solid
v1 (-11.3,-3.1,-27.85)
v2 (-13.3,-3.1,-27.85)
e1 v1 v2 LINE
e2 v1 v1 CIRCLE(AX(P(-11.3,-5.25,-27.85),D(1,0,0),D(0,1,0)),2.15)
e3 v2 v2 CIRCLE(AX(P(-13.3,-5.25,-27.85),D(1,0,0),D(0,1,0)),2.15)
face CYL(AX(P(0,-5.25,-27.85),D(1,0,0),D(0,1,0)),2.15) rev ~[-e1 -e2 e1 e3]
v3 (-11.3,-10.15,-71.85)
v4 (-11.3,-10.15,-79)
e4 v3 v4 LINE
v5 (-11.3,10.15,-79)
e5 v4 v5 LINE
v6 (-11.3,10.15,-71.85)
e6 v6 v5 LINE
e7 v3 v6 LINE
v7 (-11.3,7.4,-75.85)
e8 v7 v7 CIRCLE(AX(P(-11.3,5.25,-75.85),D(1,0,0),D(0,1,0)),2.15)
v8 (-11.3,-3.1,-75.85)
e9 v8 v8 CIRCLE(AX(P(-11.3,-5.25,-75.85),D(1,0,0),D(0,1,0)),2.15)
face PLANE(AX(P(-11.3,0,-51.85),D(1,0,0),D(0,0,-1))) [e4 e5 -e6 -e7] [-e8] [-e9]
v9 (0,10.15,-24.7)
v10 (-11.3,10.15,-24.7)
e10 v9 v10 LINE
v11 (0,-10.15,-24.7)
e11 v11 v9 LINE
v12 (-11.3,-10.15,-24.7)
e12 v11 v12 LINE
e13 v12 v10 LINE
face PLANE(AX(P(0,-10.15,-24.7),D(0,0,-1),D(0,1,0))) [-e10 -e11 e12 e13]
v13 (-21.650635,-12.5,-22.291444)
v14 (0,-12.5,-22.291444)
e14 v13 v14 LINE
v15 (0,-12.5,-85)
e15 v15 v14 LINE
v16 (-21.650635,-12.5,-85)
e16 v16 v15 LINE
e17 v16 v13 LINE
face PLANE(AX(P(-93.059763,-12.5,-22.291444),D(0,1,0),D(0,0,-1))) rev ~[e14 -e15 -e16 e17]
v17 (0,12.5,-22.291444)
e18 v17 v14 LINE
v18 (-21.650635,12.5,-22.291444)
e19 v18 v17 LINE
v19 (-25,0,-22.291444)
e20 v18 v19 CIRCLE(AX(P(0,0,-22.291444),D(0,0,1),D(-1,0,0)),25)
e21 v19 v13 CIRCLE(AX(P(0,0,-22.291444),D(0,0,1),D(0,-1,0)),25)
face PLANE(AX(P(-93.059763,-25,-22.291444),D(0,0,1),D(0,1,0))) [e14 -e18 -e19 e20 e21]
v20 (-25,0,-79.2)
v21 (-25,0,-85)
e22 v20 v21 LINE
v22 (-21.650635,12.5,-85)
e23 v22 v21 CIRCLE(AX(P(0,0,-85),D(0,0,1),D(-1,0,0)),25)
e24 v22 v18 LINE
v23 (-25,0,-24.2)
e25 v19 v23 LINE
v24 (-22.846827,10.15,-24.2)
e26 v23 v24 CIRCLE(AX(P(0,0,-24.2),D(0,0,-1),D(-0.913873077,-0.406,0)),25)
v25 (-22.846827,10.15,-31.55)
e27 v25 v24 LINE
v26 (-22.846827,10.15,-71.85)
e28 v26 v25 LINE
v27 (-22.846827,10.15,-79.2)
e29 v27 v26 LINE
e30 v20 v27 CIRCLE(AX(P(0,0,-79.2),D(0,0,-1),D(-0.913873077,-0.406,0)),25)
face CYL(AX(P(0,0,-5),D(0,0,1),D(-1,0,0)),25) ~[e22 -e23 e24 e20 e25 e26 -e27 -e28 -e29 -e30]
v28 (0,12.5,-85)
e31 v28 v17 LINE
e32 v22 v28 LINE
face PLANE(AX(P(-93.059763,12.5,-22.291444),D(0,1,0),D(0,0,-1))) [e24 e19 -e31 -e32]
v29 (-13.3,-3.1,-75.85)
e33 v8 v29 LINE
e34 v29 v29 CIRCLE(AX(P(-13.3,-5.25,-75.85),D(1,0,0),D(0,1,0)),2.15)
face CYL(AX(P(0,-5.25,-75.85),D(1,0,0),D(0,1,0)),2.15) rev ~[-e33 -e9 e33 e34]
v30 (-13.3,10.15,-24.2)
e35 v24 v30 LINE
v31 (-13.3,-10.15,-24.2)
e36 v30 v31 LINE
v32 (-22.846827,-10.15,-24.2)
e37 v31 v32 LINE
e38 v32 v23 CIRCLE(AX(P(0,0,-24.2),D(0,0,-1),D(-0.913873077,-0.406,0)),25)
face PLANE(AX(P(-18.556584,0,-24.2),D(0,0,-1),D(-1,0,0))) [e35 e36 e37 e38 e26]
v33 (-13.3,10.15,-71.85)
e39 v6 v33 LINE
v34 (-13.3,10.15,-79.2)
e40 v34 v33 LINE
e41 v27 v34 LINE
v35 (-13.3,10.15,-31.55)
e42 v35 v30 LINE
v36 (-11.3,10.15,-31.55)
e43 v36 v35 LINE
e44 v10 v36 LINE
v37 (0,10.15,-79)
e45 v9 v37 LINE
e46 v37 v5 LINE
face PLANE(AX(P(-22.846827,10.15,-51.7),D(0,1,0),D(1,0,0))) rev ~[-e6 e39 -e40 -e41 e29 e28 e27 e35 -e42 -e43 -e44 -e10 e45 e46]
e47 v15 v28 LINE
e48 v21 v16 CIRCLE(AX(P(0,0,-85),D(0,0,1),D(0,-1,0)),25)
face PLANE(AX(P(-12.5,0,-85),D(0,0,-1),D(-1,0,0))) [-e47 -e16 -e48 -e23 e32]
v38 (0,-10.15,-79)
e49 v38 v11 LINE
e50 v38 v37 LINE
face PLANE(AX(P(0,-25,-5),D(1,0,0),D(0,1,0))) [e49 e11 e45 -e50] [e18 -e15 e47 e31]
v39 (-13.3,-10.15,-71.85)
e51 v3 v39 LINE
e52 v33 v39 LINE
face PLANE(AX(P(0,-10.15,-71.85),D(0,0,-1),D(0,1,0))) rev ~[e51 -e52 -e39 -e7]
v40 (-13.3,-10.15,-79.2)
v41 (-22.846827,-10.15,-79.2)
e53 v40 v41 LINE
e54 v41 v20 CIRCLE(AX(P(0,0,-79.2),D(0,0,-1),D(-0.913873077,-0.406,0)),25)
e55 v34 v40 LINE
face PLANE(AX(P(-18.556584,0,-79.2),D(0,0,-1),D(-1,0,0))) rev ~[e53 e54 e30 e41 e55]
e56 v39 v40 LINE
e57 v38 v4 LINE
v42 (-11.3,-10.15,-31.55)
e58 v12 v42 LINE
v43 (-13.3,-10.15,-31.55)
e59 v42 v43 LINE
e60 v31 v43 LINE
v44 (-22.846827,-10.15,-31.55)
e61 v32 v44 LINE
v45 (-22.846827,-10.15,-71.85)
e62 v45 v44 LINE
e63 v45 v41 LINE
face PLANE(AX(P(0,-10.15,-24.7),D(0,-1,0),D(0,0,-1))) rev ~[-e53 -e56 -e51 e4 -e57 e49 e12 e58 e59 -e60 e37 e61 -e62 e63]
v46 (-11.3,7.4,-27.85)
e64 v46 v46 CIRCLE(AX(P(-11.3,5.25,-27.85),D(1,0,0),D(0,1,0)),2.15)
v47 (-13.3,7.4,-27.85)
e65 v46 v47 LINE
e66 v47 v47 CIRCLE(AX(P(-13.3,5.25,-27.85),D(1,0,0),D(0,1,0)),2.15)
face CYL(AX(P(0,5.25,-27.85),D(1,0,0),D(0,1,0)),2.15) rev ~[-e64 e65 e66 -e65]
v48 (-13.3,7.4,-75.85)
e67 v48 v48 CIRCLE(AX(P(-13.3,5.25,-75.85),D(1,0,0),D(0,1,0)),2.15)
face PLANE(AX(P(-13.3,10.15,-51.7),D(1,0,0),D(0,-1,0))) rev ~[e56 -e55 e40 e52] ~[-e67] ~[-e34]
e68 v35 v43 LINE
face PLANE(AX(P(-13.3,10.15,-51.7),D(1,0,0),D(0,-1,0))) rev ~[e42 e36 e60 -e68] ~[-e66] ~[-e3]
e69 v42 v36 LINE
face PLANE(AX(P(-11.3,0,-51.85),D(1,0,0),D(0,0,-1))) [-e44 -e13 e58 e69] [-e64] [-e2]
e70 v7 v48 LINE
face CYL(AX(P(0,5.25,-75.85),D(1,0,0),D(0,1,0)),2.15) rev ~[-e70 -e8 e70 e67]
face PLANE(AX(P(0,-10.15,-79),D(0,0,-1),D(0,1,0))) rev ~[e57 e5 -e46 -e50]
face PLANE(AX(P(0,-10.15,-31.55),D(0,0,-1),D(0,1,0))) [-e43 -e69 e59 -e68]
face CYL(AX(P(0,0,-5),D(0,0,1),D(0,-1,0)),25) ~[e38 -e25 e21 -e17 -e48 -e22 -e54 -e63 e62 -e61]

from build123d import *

# Parameters (mm, degrees)
SKETCH1_R               = 25
SKETCH1_W               = 27.5
SKETCH1_H               = 27.5
BOSS_EXTRUDE1_DEPTH     = 55
BOSS_EXTRUDE2_START     = 5
SKETCH2_R               = 25
BOSS_EXTRUDE2_DEPTH     = 5
SKETCH3_W               = 25
SKETCH3_H               = 50
BOSS_EXTRUDE3_DEPTH     = 80
FILLET1_R               = 2.5
FILLET2_R               = 2.5
SKETCH21_W              = 54.3
SKETCH21_H              = 20.3
CUT_EXTRUDE1_DEPTH      = 11.3
SKETCH22_W              = 40.3
SKETCH22_H              = 20.3
CUT_EXTRUDE2_DEPTH      = 93.059763198
CUT_EXTRUDE3_DEPTH      = 88.464278423
SKETCH23_R              = 2.15
CUT_EXTRUDE4_DEPTH      = 93.059763198
CUT_EXTRUDE7_DEPTH      = 27.5
CUT_EXTRUDE8_DEPTH      = 93.059763198
CUT_EXTRUDE8_DEPTH_BACK = 93.059763198
SKETCH25_W              = 77.291444149
SKETCH25_H              = 50
CUT_EXTRUDE9_DEPTH      = 93.059763198
CUT_EXTRUDE9_DEPTH_BACK = 93.059763198
SKETCH26_W              = 62.708555851
SKETCH26_H              = 12.5


with BuildPart() as part:
    # Sketch1 → Boss-Extrude1 (new body)
    with BuildSketch(Plane.XY):
        Circle(SKETCH1_R)
        Rectangle(SKETCH1_W, SKETCH1_H, mode=Mode.SUBTRACT)
    extrude(amount=BOSS_EXTRUDE1_DEPTH)

    # Sketch2 → Boss-Extrude2 (add)
    with BuildSketch(Plane(origin=(0, 0, 0), x_dir=(-1, 0, 0), z_dir=(0, 0, -1)).offset(BOSS_EXTRUDE2_START)):
        Circle(SKETCH2_R)
    extrude(amount=-BOSS_EXTRUDE2_DEPTH)

    # Sketch3 → Boss-Extrude3 (add)
    with BuildSketch(Plane(origin=(0, 0, -5), x_dir=(-1, 0, 0), z_dir=(0, 0, -1))):
        with Locations((12.5, 0)):
            Rectangle(SKETCH3_W, SKETCH3_H)
    extrude(amount=BOSS_EXTRUDE3_DEPTH)

    # Fillet1
    fillet1_edges = [part.edges().sort_by_distance(p)[0] for p in [
        (-13.75, 13.75, 27.5),
        (13.75, 13.75, 27.5),
        (-13.75, -13.75, 27.5),
        (13.75, -13.75, 27.5),
    ]]
    fillet(fillet1_edges, radius=FILLET1_R)

    # Fillet2
    fillet2_edges = [part.edges().sort_by_distance(p)[0] for p in [
        (13.75, 0, 55),
    ]]
    fillet(fillet2_edges, radius=FILLET2_R)

    # Sketch21 → Cut-Extrude1 (cut)
    with BuildSketch(Plane(origin=(0, 0, 0), x_dir=(0, 0, -1), z_dir=(1, 0, 0))):
        with Locations((51.85, 0)):
            Rectangle(SKETCH21_W, SKETCH21_H)
    extrude(amount=-CUT_EXTRUDE1_DEPTH, mode=Mode.SUBTRACT)

    # Sketch22 → Cut-Extrude2 (cut, through all)
    with BuildSketch(Plane(origin=(0, 0, 0), x_dir=(0, 0, -1), z_dir=(1, 0, 0))):
        with Locations((51.7, 0)):
            Rectangle(SKETCH22_W, SKETCH22_H)
    extrude(amount=-CUT_EXTRUDE2_DEPTH, mode=Mode.SUBTRACT)

    # Sketch18 → Cut-Extrude3 (cut, through all)
    with BuildSketch(Plane.XY.offset(-5)):
        with BuildLine():
            Line((-25, -25), (0, -25))
            ThreePointArc((0, -25), (-17.67766953, -17.67766953), (-25, 0))
            Line((-25, 0), (-25, -25))
        make_face()
        with BuildLine():
            Line((-25, 25), (-25, 0))
            ThreePointArc((-25, 0), (-17.67766953, 17.67766953), (0, 25))
            Line((0, 25), (-25, 25))
        make_face()
    extrude(amount=-CUT_EXTRUDE3_DEPTH, mode=Mode.SUBTRACT)

    # Sketch23 → Cut-Extrude4 (cut, through all)
    with BuildSketch(Plane(origin=(0, 0, 0), x_dir=(0, 0, -1), z_dir=(1, 0, 0))):
        with Locations((75.85, 5.25)):
            Circle(SKETCH23_R)
        with Locations((75.85, -5.25)):
            Circle(SKETCH23_R)
        with Locations((27.85, 5.25)):
            Circle(SKETCH23_R)
        with Locations((27.85, -5.25)):
            Circle(SKETCH23_R)
    extrude(amount=-CUT_EXTRUDE4_DEPTH, mode=Mode.SUBTRACT)

    # Sketch24 → Cut-Extrude7 (cut, symmetric)
    with BuildSketch(Plane(origin=(0, 0, -51.7), x_dir=(-1, 0, 0), z_dir=(0, 0, -1))):
        with BuildLine():
            Line((13.3, 10.15), (13.3, -10.15))
            Line((13.3, -10.15), (22.846826913, -10.15))
            ThreePointArc((22.846826913, -10.15), (25, 0), (22.846826913, 10.15))
            Line((22.846826913, 10.15), (13.3, 10.15))
        make_face()
    extrude(amount=CUT_EXTRUDE7_DEPTH, both=True, mode=Mode.SUBTRACT)

    # Sketch25 → Cut-Extrude8 (cut, two sides: drawn at the far end of the back side and taken through both)
    with BuildSketch(Plane(origin=(0, 0, 0), x_dir=(0, 0, -1), z_dir=(1, 0, 0)).offset(-CUT_EXTRUDE8_DEPTH_BACK)):
        with Locations((-16.354277925, 0)):
            Rectangle(SKETCH25_W, SKETCH25_H)
    extrude(amount=CUT_EXTRUDE8_DEPTH + CUT_EXTRUDE8_DEPTH_BACK, mode=Mode.SUBTRACT)

    # Sketch26 → Cut-Extrude9 (cut, two sides: drawn at the far end of the back side and taken through both)
    with BuildSketch(Plane(origin=(0, 0, 0), x_dir=(0, 0, -1), z_dir=(1, 0, 0)).offset(-CUT_EXTRUDE9_DEPTH_BACK)):
        with Locations((53.645722075, 18.75)):
            Rectangle(SKETCH26_W, SKETCH26_H)
        with Locations((53.645722075, -18.75)):
            Rectangle(SKETCH26_W, SKETCH26_H)
    extrude(amount=CUT_EXTRUDE9_DEPTH + CUT_EXTRUDE9_DEPTH_BACK, mode=Mode.SUBTRACT)


solid = part.part
